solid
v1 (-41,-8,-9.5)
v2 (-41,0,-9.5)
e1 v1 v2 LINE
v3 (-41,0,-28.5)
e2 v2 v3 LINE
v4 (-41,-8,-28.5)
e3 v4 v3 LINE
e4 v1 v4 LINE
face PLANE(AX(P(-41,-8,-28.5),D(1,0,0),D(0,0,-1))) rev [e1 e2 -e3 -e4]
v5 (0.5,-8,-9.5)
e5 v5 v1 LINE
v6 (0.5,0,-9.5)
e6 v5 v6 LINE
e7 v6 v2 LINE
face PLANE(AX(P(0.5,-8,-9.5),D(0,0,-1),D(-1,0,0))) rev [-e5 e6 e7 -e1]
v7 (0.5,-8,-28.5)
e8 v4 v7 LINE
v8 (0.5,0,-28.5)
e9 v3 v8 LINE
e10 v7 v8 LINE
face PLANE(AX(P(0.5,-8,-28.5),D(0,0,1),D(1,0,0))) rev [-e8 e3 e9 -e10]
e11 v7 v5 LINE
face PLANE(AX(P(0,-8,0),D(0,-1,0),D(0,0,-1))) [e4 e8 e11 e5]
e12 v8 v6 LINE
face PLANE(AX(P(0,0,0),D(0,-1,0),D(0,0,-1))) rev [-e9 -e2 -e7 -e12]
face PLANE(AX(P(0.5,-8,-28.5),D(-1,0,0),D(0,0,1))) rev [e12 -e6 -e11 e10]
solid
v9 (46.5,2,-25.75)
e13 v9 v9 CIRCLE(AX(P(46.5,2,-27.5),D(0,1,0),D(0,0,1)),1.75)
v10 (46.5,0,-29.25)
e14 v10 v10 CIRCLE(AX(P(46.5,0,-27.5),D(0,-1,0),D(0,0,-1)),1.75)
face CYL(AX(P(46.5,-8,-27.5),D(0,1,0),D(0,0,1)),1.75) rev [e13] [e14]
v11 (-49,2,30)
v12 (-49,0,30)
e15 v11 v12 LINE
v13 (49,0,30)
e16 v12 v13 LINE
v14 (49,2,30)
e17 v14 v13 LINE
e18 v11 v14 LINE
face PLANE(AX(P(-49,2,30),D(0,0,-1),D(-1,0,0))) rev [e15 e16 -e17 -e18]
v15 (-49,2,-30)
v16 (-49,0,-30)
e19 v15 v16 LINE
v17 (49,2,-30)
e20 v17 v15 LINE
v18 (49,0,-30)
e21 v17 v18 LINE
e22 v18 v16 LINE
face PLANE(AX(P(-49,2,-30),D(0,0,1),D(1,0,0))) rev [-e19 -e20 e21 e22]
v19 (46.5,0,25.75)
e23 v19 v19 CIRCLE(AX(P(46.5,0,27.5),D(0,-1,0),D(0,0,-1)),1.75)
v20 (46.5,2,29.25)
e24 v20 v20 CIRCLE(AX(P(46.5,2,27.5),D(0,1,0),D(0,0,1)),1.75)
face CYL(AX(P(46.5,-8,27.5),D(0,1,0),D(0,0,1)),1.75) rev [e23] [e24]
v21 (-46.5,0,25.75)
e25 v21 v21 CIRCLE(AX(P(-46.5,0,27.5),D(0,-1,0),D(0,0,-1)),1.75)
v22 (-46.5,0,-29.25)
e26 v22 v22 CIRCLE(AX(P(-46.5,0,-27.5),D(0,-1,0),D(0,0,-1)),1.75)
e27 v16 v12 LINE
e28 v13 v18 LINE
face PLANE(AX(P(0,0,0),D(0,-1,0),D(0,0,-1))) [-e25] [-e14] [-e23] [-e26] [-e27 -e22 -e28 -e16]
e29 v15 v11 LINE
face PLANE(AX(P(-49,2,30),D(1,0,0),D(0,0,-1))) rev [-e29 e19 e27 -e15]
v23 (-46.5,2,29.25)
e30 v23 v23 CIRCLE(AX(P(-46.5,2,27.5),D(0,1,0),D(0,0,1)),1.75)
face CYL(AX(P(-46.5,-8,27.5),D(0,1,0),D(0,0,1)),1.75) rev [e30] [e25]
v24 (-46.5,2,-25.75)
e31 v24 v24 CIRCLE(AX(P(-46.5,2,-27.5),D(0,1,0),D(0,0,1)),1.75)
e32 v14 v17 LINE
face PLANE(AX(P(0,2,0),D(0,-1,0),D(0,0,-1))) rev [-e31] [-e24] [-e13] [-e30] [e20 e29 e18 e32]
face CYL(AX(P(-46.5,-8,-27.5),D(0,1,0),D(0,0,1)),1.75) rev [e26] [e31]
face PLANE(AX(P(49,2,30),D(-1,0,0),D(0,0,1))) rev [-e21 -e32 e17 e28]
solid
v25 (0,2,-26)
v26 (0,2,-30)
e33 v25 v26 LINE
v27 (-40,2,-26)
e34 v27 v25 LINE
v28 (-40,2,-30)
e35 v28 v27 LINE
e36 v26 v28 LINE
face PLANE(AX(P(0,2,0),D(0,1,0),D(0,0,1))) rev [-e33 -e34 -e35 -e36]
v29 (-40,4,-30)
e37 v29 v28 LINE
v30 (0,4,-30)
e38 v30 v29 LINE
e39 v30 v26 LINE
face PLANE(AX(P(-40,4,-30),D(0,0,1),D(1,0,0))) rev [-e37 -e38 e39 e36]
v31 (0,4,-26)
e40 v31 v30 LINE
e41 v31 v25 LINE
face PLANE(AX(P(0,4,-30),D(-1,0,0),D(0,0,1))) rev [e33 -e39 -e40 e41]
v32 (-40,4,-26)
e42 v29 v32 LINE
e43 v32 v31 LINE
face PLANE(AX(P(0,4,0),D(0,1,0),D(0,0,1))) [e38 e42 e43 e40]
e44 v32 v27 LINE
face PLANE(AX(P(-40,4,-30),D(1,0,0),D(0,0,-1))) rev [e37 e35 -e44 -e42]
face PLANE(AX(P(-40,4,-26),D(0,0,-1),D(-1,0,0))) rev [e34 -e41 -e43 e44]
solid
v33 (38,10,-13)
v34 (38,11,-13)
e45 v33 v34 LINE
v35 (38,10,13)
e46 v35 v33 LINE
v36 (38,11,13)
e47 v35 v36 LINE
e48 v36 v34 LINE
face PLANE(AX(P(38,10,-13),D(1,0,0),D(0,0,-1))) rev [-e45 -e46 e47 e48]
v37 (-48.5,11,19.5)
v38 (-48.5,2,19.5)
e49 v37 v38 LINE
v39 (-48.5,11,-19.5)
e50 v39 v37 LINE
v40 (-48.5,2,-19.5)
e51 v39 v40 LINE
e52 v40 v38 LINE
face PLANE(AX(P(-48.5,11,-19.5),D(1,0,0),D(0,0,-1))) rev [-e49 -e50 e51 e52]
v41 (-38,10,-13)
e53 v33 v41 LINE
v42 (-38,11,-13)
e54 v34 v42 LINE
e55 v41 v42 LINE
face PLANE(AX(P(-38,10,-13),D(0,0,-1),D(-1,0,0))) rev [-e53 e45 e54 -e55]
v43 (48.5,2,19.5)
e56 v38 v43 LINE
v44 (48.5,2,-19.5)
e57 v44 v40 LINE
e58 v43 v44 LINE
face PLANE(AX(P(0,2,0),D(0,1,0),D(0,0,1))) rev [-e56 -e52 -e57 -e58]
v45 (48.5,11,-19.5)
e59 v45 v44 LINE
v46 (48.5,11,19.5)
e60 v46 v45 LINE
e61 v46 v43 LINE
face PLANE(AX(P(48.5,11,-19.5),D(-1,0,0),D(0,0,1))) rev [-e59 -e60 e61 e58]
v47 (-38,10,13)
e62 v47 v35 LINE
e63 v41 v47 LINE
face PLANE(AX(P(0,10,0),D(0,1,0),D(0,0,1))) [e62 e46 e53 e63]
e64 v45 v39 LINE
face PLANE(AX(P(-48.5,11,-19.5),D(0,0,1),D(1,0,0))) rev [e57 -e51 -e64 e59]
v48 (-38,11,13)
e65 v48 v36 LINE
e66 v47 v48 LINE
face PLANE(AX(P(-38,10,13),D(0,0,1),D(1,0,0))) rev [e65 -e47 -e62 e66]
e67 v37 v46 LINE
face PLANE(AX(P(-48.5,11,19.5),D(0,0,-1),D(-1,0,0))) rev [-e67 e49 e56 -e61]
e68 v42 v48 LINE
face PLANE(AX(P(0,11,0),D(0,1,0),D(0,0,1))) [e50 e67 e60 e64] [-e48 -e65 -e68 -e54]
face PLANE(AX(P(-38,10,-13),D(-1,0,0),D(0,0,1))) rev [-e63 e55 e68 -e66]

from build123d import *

# Parameters (mm, degrees)
SKETCH1_W           = 98
SKETCH1_H           = 60
BOSS_EXTRUDE1_DEPTH = 2
SKETCH2_W           = 97
SKETCH2_H           = 39
BOSS_EXTRUDE2_DEPTH = 9
SKETCH3_W           = 76
SKETCH3_H           = 26
CUT_EXTRUDE1_DEPTH  = 1
SKETCH4_W           = 41.5
SKETCH4_H           = 19
BOSS_EXTRUDE3_DEPTH = 8
SKETCH5_R           = 1.75
CUT_EXTRUDE2_DEPTH  = 59.318093247
SKETCH6_W           = 40
SKETCH6_H           = 4
BOSS_EXTRUDE4_DEPTH = 2


with BuildPart() as part:
    # Sketch1 → Boss-Extrude1 (new body)
    with BuildSketch(Plane(origin=(0, 0, 0), x_dir=(1, 0, 0), z_dir=(0, 1, 0))):
        Rectangle(SKETCH1_W, SKETCH1_H)
    extrude(amount=BOSS_EXTRUDE1_DEPTH)

    # Sketch5 → Cut-Extrude2 (cut, through all)
    with BuildSketch(Plane(origin=(0, 2, 0), x_dir=(1, 0, 0), z_dir=(0, 1, 0))):
        with Locations(Location((-46.5, 27.5, 0), (0, 0, 270))):
            Circle(SKETCH5_R)
        with Locations(Location((46.5, 27.5, 0), (0, 0, 270))):
            Circle(SKETCH5_R)
        with Locations(Location((46.5, -27.5, 0), (0, 0, 270))):
            Circle(SKETCH5_R)
        with Locations(Location((-46.5, -27.5, 0), (0, 0, 270))):
            Circle(SKETCH5_R)
    extrude(amount=-CUT_EXTRUDE2_DEPTH, mode=Mode.SUBTRACT)


with BuildPart() as body_2:
    # Sketch2 → Boss-Extrude2 (new body)
    with BuildSketch(Plane(origin=(0, 2, 0), x_dir=(1, 0, 0), z_dir=(0, 1, 0))):
        Rectangle(SKETCH2_W, SKETCH2_H)
    extrude(amount=BOSS_EXTRUDE2_DEPTH)

    # Sketch3 → Cut-Extrude1 (cut)
    with BuildSketch(Plane(origin=(0, 11, 0), x_dir=(1, 0, 0), z_dir=(0, 1, 0))):
        Rectangle(SKETCH3_W, SKETCH3_H)
    extrude(amount=-CUT_EXTRUDE1_DEPTH, mode=Mode.SUBTRACT)


with BuildPart() as body_3:
    # Sketch4 → Boss-Extrude3 (new body)
    with BuildSketch(Plane.XZ):
        with Locations((-20.25, -19)):
            Rectangle(SKETCH4_W, SKETCH4_H)
    extrude(amount=BOSS_EXTRUDE3_DEPTH)


with BuildPart() as body_4:
    # Sketch6 → Boss-Extrude4 (new body)
    with BuildSketch(Plane(origin=(0, 2, 0), x_dir=(1, 0, 0), z_dir=(0, 1, 0))):
        with Locations((-20, 28)):
            Rectangle(SKETCH6_W, SKETCH6_H)
    extrude(amount=BOSS_EXTRUDE4_DEPTH)


solid = Compound([part.part, body_2.part, body_3.part, body_4.part])
